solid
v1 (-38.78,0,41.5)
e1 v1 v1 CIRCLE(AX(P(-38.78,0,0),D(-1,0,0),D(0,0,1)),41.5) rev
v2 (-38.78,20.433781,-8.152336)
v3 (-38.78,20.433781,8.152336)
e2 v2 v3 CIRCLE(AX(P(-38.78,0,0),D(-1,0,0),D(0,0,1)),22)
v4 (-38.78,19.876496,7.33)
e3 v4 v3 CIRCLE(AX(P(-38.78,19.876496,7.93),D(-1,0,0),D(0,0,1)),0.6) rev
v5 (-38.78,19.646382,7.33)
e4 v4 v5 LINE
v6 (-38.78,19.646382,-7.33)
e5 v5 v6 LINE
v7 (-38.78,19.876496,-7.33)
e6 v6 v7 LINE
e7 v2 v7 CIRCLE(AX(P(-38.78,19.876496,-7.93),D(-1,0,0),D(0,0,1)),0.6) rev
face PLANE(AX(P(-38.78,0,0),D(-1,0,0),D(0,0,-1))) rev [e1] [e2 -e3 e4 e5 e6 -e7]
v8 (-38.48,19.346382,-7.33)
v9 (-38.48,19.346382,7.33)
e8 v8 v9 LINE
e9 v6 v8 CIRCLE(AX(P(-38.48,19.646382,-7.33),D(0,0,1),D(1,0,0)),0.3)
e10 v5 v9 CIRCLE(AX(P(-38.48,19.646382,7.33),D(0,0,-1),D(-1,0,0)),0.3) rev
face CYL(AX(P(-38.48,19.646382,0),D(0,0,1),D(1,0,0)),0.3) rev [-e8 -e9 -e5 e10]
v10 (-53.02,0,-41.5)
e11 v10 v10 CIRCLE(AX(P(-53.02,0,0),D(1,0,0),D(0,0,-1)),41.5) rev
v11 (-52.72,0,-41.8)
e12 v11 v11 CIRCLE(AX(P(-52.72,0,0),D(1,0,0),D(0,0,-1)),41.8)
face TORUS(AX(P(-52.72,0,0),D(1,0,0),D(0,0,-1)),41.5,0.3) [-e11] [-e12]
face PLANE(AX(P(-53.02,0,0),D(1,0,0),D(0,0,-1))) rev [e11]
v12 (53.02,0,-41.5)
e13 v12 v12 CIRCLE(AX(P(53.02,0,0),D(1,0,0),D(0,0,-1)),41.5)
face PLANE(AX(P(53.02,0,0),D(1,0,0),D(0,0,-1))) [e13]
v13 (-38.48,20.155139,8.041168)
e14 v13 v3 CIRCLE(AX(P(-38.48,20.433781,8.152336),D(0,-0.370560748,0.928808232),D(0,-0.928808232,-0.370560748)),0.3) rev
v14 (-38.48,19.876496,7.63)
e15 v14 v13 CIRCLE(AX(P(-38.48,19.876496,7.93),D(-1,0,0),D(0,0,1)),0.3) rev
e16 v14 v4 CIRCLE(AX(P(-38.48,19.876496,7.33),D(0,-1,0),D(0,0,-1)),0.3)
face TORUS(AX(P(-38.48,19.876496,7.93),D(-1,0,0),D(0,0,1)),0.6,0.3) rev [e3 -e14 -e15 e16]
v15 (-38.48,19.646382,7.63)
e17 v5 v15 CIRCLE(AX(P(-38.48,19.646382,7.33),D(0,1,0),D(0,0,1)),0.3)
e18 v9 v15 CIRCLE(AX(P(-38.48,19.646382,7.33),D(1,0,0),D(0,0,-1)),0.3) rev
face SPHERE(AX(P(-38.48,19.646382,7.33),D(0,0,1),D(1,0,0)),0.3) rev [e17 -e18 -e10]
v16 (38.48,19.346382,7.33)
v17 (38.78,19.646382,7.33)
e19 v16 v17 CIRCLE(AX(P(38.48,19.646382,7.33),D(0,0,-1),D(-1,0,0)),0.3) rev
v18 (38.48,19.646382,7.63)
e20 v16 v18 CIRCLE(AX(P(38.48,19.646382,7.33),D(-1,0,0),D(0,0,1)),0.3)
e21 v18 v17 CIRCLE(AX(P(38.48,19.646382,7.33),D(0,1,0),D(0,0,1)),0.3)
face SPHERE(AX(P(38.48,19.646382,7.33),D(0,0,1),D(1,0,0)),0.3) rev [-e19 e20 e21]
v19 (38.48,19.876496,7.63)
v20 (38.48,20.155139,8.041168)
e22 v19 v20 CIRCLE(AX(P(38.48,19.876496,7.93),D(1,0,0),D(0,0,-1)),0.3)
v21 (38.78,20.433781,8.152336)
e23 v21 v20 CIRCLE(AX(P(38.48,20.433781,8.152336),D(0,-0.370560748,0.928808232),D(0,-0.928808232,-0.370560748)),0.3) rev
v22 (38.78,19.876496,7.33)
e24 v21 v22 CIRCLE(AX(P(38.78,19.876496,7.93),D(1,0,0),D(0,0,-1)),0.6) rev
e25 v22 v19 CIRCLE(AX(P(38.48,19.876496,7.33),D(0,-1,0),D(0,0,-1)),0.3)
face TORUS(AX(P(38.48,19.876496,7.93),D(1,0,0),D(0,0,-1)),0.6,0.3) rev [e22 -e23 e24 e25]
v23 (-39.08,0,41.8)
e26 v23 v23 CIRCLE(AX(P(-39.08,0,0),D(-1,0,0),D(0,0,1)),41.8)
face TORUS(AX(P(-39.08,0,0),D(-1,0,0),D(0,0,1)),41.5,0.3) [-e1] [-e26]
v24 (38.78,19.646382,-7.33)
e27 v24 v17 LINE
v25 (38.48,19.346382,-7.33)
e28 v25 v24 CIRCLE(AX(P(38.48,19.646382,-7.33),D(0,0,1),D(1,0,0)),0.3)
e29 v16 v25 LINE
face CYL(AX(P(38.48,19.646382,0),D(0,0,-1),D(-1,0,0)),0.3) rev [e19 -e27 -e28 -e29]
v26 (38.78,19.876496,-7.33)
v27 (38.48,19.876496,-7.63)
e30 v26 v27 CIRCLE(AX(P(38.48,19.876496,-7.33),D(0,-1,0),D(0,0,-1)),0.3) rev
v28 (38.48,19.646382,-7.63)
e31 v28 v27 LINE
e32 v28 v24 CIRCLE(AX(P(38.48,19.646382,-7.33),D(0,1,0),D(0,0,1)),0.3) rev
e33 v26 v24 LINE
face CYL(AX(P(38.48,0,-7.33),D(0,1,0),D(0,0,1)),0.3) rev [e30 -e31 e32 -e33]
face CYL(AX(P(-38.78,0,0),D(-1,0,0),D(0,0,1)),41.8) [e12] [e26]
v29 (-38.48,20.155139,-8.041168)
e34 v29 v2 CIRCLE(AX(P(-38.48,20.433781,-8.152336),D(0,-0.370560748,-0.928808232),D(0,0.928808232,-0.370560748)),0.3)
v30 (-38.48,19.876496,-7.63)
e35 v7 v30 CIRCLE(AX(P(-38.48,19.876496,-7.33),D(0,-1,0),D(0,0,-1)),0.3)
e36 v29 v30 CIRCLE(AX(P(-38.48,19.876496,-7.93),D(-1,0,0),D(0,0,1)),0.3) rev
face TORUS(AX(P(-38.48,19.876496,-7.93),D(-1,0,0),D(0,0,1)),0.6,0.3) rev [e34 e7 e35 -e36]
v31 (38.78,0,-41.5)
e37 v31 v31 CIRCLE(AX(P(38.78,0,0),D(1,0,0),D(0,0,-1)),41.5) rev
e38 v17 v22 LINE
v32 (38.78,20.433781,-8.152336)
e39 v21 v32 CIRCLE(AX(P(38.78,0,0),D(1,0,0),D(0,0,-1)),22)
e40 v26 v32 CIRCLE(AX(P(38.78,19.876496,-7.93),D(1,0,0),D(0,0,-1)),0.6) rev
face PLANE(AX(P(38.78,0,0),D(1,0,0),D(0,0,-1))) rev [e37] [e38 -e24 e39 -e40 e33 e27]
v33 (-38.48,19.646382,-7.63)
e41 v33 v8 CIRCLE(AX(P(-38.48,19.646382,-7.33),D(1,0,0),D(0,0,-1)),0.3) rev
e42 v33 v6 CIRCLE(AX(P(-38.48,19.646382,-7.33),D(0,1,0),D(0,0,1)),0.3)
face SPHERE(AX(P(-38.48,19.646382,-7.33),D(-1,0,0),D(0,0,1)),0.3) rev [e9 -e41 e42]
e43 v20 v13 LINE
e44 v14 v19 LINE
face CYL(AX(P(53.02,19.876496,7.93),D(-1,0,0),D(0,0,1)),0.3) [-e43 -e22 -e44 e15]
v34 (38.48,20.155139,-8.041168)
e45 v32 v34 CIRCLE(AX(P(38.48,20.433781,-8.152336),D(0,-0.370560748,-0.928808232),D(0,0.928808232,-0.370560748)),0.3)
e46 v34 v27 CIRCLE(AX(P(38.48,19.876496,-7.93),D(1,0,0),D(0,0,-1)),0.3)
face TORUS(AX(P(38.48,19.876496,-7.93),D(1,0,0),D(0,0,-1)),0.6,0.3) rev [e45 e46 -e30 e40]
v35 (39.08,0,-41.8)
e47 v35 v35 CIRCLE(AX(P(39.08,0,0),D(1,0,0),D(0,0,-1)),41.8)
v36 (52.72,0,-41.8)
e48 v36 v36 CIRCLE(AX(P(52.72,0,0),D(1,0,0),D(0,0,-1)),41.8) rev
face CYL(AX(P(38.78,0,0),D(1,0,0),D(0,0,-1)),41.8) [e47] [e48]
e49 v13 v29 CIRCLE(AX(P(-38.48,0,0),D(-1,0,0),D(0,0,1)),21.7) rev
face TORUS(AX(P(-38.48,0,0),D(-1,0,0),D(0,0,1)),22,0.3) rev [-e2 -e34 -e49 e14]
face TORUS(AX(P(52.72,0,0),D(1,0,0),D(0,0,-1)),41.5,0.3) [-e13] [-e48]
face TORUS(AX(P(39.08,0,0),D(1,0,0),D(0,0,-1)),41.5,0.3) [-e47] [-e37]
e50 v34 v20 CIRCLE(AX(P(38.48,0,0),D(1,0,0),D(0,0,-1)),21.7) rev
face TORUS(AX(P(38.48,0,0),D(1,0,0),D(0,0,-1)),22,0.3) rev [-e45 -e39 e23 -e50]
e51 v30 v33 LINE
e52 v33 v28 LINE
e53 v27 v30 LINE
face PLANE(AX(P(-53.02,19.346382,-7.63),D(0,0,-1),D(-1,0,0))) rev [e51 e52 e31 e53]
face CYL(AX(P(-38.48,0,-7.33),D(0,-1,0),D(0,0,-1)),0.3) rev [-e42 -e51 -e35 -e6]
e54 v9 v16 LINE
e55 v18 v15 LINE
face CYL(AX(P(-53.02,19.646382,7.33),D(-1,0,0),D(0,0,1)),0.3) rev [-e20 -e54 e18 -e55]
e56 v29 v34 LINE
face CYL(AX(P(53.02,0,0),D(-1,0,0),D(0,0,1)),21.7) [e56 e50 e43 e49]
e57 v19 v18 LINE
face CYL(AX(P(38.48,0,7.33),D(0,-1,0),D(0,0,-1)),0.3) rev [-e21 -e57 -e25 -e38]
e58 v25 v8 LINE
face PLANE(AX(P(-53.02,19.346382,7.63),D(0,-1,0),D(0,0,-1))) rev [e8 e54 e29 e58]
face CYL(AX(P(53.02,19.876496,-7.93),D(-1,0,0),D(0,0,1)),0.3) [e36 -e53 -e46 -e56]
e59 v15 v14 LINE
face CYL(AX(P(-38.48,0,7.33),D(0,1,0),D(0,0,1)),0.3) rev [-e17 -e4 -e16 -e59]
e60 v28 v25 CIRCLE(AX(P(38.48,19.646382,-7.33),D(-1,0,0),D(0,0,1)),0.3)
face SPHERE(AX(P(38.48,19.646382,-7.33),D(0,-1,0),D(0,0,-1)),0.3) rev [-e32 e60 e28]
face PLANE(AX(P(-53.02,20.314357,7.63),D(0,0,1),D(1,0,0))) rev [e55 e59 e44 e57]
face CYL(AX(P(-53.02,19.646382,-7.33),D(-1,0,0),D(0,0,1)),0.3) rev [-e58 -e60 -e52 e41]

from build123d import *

# Parameters (mm, degrees)
SKETCH4_R               = 21.7
BOSS_EXTRUDE5_DEPTH     = 53.02
CUT_EXTRUDE1_DEPTH      = 111.391401839
CUT_EXTRUDE1_DEPTH_BACK = 111.391401839
SKETCH5_R               = 41.8
BOSS_EXTRUDE6_DEPTH     = 14.24
FILLET1_R               = 0.3


with BuildPart() as part:
    # Sketch4 → Boss-Extrude5 (new, symmetric)
    with BuildSketch(Plane(origin=(0, 0, 0), x_dir=(0, 0, -1), z_dir=(1, 0, 0))):
        with Locations(Location((0, 0, 0), (0, 0, 180))):
            Circle(SKETCH4_R)
    extrude(amount=BOSS_EXTRUDE5_DEPTH, both=True)

    # Sketch6 → Cut-Extrude1 (cut, two sides: drawn at the far end of the back side and taken through both)
    with BuildSketch(Plane(origin=(53.02, 0, 0), x_dir=(0, 0, -1), z_dir=(1, 0, 0)).offset(-CUT_EXTRUDE1_DEPTH_BACK)):
        with BuildLine():
            Line((-7.63, 20.314356992), (-7.63, 19.346381851))
            Line((-7.63, 19.346381851), (7.63, 19.346381851))
            Line((7.63, 19.346381851), (7.63, 20.314356992))
            ThreePointArc((7.63, 20.314356992), (0, 21.7), (-7.63, 20.314356992))
        make_face()
    extrude(amount=CUT_EXTRUDE1_DEPTH + CUT_EXTRUDE1_DEPTH_BACK, mode=Mode.SUBTRACT)

    # Sketch5 → Boss-Extrude6 (add)
    with BuildSketch(Plane(origin=(53.02, 0, 0), x_dir=(0, 0, -1), z_dir=(1, 0, 0))):
        Circle(SKETCH5_R)
    boss_extrude6 = extrude(amount=-BOSS_EXTRUDE6_DEPTH)

    # Mirror3: Boss-Extrude6 across plane
    add(boss_extrude6.mirror(Plane(origin=(0, 0, 0), x_dir=(0, 0, 1), z_dir=(1, 0, 0))))

    # Fillet1
    fillet1_edges = [part.edges().sort_by_distance(p)[0] for p in [
        (38.78, 19.830369422, 7.63),
        (38.78, -21.7, 0),
        (38.78, 19.830369422, -7.63),
        (38.78, 19.346381851, 0),
        (53.02, 0, 41.8),
        (38.78, 0, 41.8),
        (0, 19.346381851, 7.63),
        (0, 20.314356992, 7.63),
        (-38.78, 19.830369422, 7.63),
        (0, 19.346381851, -7.63),
        (0, 20.314356992, -7.63),
        (-38.78, 0, 41.8),
        (-38.78, 19.830369422, -7.63),
        (-38.78, -21.7, 0),
        (-38.78, 19.346381851, 0),
        (-53.02, 0, 41.8),
    ]]
    fillet(fillet1_edges, radius=FILLET1_R)


solid = part.part
